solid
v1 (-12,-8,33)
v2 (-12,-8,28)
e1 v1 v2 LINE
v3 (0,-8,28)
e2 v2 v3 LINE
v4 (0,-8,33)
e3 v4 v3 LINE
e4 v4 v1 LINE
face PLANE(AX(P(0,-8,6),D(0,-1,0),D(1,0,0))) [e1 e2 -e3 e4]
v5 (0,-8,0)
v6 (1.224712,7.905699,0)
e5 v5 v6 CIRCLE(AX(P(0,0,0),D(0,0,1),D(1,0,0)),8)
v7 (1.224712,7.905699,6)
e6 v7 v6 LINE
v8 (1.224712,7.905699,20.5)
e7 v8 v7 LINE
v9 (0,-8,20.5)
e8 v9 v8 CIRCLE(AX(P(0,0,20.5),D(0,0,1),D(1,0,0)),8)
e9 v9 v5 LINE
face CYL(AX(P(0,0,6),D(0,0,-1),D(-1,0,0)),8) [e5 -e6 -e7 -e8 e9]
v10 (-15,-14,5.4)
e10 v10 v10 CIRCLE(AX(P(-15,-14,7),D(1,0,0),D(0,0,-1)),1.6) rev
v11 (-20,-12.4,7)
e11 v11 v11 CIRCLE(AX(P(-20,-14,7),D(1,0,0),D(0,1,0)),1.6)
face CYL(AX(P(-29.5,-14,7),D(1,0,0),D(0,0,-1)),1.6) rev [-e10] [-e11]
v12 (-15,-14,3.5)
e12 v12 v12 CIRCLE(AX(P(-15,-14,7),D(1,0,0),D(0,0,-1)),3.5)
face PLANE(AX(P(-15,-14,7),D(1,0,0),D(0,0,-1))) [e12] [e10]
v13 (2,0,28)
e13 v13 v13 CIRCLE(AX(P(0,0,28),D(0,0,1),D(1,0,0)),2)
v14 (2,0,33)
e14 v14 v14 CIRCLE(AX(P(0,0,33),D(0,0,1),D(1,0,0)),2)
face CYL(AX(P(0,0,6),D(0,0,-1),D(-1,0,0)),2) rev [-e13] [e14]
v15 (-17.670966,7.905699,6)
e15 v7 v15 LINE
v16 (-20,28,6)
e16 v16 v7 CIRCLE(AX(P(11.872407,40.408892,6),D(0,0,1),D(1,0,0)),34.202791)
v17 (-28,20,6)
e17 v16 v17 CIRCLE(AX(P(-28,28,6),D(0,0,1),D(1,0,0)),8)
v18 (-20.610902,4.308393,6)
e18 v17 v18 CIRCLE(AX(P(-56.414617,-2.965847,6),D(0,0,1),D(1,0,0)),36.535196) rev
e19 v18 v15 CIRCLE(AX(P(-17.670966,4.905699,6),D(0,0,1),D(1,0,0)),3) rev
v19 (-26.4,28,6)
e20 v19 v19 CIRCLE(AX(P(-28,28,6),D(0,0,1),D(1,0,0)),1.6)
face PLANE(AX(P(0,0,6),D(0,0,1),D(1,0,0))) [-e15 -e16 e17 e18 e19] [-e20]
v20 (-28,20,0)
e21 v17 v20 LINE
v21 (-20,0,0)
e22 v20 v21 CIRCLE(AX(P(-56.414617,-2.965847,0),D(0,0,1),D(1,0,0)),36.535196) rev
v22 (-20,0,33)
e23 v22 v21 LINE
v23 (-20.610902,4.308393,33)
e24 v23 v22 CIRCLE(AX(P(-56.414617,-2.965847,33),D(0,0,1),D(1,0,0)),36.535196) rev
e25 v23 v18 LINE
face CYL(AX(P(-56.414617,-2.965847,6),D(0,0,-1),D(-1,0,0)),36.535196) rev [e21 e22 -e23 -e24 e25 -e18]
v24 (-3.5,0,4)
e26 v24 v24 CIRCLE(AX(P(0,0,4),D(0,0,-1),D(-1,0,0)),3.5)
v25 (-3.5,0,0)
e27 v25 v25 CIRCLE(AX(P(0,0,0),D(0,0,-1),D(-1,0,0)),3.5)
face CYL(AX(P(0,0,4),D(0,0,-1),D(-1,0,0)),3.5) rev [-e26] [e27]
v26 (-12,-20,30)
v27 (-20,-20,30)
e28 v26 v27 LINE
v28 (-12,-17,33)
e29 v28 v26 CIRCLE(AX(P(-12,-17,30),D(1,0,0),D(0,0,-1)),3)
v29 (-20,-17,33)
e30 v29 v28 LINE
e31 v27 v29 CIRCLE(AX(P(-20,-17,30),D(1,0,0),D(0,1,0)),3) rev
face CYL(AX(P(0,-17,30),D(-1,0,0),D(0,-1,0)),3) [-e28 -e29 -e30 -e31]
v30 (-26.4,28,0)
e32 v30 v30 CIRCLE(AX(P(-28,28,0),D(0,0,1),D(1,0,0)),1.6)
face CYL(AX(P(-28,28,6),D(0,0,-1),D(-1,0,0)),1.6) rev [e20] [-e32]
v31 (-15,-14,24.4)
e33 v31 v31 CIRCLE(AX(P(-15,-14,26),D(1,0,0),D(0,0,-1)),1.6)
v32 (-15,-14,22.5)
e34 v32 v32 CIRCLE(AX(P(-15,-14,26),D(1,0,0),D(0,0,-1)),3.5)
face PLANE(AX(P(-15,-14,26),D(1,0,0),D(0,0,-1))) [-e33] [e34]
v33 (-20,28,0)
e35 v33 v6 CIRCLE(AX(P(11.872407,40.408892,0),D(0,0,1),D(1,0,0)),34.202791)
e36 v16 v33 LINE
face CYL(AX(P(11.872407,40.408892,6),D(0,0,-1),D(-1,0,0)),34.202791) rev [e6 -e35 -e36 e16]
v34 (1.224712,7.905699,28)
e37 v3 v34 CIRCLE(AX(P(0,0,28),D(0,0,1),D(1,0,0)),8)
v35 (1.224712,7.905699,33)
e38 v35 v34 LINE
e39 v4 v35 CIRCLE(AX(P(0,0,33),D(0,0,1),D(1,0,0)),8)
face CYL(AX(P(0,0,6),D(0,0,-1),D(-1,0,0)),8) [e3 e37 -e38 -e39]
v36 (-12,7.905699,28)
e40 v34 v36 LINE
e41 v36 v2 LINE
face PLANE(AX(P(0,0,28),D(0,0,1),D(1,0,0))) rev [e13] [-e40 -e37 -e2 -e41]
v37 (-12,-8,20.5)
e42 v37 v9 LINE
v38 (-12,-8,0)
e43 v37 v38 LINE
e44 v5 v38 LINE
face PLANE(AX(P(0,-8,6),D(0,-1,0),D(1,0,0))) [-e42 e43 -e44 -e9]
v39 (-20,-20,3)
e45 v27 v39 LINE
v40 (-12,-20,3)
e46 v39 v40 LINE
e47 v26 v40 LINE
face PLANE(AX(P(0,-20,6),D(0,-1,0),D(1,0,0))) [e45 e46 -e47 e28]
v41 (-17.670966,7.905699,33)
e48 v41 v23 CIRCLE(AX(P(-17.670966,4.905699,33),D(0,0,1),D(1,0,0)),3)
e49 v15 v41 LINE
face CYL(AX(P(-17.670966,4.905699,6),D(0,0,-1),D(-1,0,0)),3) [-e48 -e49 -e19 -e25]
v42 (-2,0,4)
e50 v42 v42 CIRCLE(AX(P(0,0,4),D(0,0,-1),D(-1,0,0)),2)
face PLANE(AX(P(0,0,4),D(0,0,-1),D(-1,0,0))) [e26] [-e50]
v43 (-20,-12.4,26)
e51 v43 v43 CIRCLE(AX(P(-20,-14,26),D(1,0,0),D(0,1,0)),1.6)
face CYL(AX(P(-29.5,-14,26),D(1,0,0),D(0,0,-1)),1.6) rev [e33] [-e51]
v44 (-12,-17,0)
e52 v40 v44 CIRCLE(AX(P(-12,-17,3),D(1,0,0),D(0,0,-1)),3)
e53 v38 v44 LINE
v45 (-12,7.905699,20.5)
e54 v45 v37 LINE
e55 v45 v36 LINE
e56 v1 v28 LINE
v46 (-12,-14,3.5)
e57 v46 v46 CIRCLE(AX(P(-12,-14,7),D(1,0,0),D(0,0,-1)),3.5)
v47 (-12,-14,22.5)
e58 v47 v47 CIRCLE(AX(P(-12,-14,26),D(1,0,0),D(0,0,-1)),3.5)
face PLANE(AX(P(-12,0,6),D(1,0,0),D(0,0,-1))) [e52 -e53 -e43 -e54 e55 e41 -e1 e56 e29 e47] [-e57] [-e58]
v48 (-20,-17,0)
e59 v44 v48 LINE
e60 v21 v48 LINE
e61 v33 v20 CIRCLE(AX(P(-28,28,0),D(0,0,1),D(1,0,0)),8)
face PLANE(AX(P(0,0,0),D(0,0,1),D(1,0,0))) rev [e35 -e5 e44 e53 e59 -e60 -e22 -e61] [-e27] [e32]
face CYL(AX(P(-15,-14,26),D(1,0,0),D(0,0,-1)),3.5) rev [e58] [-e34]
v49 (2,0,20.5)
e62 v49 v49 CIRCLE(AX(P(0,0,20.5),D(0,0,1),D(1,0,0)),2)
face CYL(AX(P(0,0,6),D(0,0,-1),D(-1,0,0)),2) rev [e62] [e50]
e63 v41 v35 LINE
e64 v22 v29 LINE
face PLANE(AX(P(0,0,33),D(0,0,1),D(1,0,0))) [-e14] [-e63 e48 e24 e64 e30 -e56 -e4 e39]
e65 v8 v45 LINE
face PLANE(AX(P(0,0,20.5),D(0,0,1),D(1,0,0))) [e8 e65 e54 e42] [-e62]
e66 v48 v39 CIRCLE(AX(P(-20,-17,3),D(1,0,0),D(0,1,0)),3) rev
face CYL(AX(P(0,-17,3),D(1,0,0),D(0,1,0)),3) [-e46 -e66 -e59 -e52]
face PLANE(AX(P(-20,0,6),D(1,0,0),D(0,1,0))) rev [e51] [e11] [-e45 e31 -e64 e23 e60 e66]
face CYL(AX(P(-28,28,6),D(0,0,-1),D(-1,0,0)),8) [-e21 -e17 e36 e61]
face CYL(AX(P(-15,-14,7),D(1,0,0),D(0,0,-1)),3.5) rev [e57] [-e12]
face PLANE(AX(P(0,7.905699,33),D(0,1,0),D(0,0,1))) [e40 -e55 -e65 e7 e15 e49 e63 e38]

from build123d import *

# Parameters (mm, degrees)
SKETCH1_R           = 2
SKETCH1_R_2         = 1.6
BOSS_EXTRUDE6_DEPTH = 6
SKETCH1_6_R         = 2
BOSS_EXTRUDE7_DEPTH = 33
CUT_EXTRUDE1_START  = -12.5
CUT_EXTRUDE1_DEPTH  = 7.5
FILLET1_R           = 3
SKETCH3_R           = 1.6
CUT_EXTRUDE2_DEPTH  = 17.5
SKETCH4_R           = 3.5
SKETCH4_R_2         = 1.6
CUT_EXTRUDE3_DEPTH  = 3
FILLET2_R           = 3
SKETCH5_R           = 3.5
CUT_EXTRUDE6_DEPTH  = 4


with BuildPart() as part:
    # Sketch1 → Boss-Extrude6 (new body)
    with BuildSketch(Plane.XY):
        with BuildLine():
            Line((-12, -8), (0, -8))
            ThreePointArc((0, -8), (7.976389989, -0.614168335), (1.22471154, 7.905699314))
            ThreePointArc((1.22471154, 7.905699314), (-11.642163109, 15.571502149), (-20, 28))
            ThreePointArc((-20, 28), (-33.656854249, 33.656854249), (-28, 20))
            ThreePointArc((-28, 20), (-22.4925387, 10.60298452), (-20, 0))
            Line((-20, 0), (-20, -20))
            Line((-20, -20), (-12, -20))
            Line((-12, -20), (-12, -8))
        make_face()
        Circle(SKETCH1_R, mode=Mode.SUBTRACT)
        with Locations((-28, 28)):
            Circle(SKETCH1_R_2, mode=Mode.SUBTRACT)
    extrude(amount=BOSS_EXTRUDE6_DEPTH)

    # Sketch1<6> → Boss-Extrude7 (add)
    with BuildSketch(Plane.XY):
        with BuildLine():
            Line((-12, -8), (0, -8))
            ThreePointArc((0, -8), (7.976389989, -0.614168335), (1.22471154, 7.905699314))
            Line((1.22471154, 7.905699314), (-21.534392451, 7.905699314))
            ThreePointArc((-21.534392451, 7.905699314), (-20.548705212, 3.995255894), (-20, 0))
            Line((-20, 0), (-20, -20))
            Line((-20, -20), (-12, -20))
            Line((-12, -20), (-12, -8))
        make_face()
        Circle(SKETCH1_6_R, mode=Mode.SUBTRACT)
    extrude(amount=BOSS_EXTRUDE7_DEPTH)

    # Sketch2 → Cut-Extrude1 (cut)
    with BuildSketch(Plane.XY.offset(33).offset(CUT_EXTRUDE1_START)):
        with BuildLine():
            Line((-12, -8), (-12, 7.905699314))
            Line((-12, 7.905699314), (1.22471154, 7.905699314))
            ThreePointArc((1.22471154, 7.905699314), (7.976389989, -0.614168335), (0, -8))
            Line((0, -8), (-12, -8))
        make_face()
    extrude(amount=CUT_EXTRUDE1_DEPTH, mode=Mode.SUBTRACT)

    # Fillet1
    fillet1_edges = [part.edges().sort_by_distance(p)[0] for p in [
        (-16, -20, 33),
        (-16, -20, 0),
    ]]
    fillet(fillet1_edges, radius=FILLET1_R)

    # Sketch3 → Cut-Extrude2 (cut)
    with BuildSketch(Plane(origin=(-12, 0, 0), x_dir=(0, 0, -1), z_dir=(1, 0, 0))):
        with Locations((-26, -14)):
            Circle(SKETCH3_R)
        with Locations((-7, -14)):
            Circle(SKETCH3_R)
    extrude(amount=-CUT_EXTRUDE2_DEPTH, mode=Mode.SUBTRACT)

    # Sketch4 → Cut-Extrude3 (cut)
    # profile 1 of 2: a face of its own
    with BuildSketch(Plane(origin=(-12, 0, 0), x_dir=(0, 0, -1), z_dir=(1, 0, 0))):
        with Locations((-26, -14)):
            Circle(SKETCH4_R)
        with Locations((-26, -14)):
            Circle(SKETCH4_R_2, mode=Mode.SUBTRACT)
    # profile 2 of 2: a face of its own
    with BuildSketch(Plane(origin=(-12, 0, 0), x_dir=(0, 0, -1), z_dir=(1, 0, 0))):
        with Locations((-7, -14)):
            Circle(SKETCH4_R)
    extrude(amount=-CUT_EXTRUDE3_DEPTH, mode=Mode.SUBTRACT)

    # Fillet2
    fillet2_edges = [part.edges().sort_by_distance(p)[0] for p in [
        (-21.534392451, 7.905699314, 19.5),
    ]]
    fillet(fillet2_edges, radius=FILLET2_R)

    # Sketch5 → Cut-Extrude6 (cut)
    with BuildSketch(Plane(origin=(0, 0, 0), x_dir=(-1, 0, 0), z_dir=(0, 0, -1))):
        Circle(SKETCH5_R)
    extrude(amount=-CUT_EXTRUDE6_DEPTH, mode=Mode.SUBTRACT)


solid = part.part
